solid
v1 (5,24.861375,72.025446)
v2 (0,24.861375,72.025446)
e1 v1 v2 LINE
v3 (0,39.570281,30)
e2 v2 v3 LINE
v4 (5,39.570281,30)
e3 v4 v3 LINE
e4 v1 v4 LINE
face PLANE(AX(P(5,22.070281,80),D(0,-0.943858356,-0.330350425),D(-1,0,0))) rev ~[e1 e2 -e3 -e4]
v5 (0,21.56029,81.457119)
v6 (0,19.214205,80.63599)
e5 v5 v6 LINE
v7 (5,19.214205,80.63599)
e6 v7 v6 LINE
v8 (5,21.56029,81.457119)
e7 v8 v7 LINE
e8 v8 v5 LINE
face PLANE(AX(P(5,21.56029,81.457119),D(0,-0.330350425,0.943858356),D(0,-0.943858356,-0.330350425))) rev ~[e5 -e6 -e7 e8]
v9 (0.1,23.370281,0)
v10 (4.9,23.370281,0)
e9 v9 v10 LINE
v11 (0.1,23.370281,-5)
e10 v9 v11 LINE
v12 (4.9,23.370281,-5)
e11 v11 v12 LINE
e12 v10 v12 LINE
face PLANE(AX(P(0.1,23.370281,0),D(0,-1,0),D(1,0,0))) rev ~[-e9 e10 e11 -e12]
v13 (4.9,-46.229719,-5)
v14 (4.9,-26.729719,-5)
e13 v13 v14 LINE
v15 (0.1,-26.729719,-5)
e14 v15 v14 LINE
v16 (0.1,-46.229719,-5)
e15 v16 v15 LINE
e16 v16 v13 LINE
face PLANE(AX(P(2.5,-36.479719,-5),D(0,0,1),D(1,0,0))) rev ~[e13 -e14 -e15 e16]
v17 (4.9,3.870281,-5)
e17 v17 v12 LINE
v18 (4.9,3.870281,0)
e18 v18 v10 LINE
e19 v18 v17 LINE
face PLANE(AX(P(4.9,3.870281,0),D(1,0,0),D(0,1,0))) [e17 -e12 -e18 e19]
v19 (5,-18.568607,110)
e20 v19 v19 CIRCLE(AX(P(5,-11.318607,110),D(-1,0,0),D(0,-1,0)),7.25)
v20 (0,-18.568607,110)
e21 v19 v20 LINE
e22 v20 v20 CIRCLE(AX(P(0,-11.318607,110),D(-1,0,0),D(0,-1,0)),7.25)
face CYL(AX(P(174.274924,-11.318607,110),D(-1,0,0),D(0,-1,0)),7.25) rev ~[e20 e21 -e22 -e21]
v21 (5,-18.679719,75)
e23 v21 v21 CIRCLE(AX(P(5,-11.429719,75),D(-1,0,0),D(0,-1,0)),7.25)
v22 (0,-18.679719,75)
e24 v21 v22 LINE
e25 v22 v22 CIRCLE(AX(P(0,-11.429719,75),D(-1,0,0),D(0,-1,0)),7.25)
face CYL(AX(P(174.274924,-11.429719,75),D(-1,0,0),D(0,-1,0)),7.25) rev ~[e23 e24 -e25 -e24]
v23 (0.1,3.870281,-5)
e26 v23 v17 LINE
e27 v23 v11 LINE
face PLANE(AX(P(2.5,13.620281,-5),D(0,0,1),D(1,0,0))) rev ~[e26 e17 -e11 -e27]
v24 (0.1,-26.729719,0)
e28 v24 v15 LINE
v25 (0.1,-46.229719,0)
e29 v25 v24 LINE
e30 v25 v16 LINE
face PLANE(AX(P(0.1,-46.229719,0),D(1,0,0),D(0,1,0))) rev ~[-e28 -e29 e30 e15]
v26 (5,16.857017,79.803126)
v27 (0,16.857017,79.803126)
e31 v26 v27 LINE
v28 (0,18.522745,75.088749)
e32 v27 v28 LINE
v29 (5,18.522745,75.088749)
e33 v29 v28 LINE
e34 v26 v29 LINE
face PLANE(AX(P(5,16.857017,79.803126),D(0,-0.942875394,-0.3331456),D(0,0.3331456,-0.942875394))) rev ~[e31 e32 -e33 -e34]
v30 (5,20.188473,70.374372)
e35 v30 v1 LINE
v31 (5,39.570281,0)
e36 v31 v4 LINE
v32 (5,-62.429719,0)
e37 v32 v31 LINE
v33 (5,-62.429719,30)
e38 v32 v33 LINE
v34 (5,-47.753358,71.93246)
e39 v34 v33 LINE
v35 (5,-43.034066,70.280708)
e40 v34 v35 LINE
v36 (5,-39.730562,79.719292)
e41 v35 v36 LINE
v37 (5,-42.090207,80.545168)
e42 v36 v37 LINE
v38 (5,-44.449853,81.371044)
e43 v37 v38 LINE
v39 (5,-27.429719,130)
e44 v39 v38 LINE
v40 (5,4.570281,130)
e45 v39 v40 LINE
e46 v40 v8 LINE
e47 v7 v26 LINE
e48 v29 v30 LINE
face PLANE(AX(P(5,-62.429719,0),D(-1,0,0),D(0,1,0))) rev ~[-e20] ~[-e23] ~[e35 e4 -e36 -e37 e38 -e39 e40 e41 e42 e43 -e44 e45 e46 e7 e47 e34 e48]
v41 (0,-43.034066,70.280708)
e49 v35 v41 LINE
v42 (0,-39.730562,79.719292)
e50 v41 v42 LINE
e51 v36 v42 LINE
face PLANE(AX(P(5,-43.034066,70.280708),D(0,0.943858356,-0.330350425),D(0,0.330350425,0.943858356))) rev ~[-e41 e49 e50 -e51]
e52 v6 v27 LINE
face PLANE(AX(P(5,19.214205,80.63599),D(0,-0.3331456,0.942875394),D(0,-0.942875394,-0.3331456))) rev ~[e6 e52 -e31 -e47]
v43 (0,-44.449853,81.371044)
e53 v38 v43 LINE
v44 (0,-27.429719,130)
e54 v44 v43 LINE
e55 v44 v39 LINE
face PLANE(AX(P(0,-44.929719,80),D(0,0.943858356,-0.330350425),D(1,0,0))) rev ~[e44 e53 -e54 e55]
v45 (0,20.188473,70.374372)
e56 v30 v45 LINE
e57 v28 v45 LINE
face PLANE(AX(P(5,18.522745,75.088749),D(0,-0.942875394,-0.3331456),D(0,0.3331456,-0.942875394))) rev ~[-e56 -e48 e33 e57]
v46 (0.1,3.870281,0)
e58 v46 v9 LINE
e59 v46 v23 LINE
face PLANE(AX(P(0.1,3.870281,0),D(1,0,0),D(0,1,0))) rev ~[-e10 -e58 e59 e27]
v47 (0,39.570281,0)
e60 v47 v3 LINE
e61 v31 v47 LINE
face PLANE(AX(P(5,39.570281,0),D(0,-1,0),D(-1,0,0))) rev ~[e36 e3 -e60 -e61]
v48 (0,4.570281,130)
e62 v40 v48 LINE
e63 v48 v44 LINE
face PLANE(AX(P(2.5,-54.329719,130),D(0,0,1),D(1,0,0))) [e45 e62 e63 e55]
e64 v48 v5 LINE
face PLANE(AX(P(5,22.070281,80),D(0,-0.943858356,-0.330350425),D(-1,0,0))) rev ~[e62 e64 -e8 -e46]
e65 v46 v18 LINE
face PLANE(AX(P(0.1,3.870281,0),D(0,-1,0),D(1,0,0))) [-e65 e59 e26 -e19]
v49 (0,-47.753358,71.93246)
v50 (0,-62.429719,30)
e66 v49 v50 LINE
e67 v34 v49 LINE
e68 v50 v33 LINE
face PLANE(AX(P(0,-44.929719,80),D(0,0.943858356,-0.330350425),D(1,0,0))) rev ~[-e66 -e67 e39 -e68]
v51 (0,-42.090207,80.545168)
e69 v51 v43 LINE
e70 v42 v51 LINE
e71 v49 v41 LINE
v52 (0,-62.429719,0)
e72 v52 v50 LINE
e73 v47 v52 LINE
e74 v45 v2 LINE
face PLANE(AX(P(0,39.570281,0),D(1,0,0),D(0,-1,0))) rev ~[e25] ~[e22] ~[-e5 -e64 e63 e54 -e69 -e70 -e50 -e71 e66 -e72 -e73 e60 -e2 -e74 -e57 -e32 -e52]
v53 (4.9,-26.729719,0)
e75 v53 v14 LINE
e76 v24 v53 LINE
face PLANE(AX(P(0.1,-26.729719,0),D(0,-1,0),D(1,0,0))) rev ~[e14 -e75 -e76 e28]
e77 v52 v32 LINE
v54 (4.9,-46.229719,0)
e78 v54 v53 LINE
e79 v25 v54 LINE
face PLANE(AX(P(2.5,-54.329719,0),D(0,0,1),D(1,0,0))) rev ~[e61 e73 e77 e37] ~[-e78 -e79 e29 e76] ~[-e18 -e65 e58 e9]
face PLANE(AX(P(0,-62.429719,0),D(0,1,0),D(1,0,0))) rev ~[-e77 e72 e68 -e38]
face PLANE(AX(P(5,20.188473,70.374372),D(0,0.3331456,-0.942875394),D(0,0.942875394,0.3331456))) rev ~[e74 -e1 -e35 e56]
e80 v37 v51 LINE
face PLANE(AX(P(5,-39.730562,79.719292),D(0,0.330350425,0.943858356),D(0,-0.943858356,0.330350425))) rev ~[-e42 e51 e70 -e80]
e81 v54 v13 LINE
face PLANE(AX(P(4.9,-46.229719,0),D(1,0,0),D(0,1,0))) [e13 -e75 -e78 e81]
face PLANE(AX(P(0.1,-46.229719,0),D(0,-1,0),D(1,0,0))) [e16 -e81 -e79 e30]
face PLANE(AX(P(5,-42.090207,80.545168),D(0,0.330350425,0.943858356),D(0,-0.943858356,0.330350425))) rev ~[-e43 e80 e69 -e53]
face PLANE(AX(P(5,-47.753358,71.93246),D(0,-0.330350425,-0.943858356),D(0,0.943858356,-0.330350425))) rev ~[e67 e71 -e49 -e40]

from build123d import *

# Parameters (mm, degrees)
F0_W     = 4.8
F0_H     = 16.2
F0_H_2   = 19.5
F0_H_3   = 30.6
F0_W_2   = 0.1
F1_DEPTH = 130
F2_DEPTH = 5
F3_SIZE2 = 100
F3_SIZE  = 35
F5_D     = 14.5
F6_DEPTH = 25


with BuildPart() as f1:
    # F0 (on Top) → F1 (new body)
    with BuildSketch(Plane.XY):
        with Locations((2.5, -54.3297186732)):
            Rectangle(F0_W, F0_H)
        with Locations((2.5, -36.4797186732)):
            Rectangle(F0_W, F0_H_2)
        with Locations((2.5, -11.4297186732)):
            Rectangle(F0_W, F0_H_3)
        with Locations((2.5, 13.6202813268)):
            Rectangle(F0_W, F0_H_2)
        with Locations((2.5, 31.4702813268)):
            Rectangle(F0_W, F0_H)
        with Locations((4.95, -36.4797186732)):
            Rectangle(F0_W_2, F0_H_2)
        with Locations((4.95, -54.3297186732)):
            Rectangle(F0_W_2, F0_H)
        with Locations((0.05, -54.3297186732)):
            Rectangle(F0_W_2, F0_H)
        with Locations((0.05, -36.4797186732)):
            Rectangle(F0_W_2, F0_H_2)
        with Locations((0.05, -11.4297186732)):
            Rectangle(F0_W_2, F0_H_3)
        with Locations((4.95, -11.4297186732)):
            Rectangle(F0_W_2, F0_H_3)
        with Locations((4.95, 13.6202813268)):
            Rectangle(F0_W_2, F0_H_2)
        with Locations((0.05, 13.6202813268)):
            Rectangle(F0_W_2, F0_H_2)
        with Locations((0.05, 31.4702813268)):
            Rectangle(F0_W_2, F0_H)
        with Locations((4.95, 31.4702813268)):
            Rectangle(F0_W_2, F0_H)
    extrude(amount=F1_DEPTH)

    # F0 (on Top) → F2 (join)
    with BuildSketch(Plane.XY):
        with Locations((2.5, -36.4797186732)):
            Rectangle(F0_W, F0_H_2)
        with Locations((2.5, 13.6202813268)):
            Rectangle(F0_W, F0_H_2)
    extrude(amount=-F2_DEPTH)

    # F3
    f3_edges = [f1.edges().sort_by_distance(p)[0] for p in [
        (2.5, -62.429719, 130),
        (2.5, 39.570281, 130),
    ]]
    f3_side = f1.faces().sort_by_distance((2.5, -11.429719, 130))[0]
    chamfer(f3_edges, length=F3_SIZE, length2=F3_SIZE2, reference=f3_side)

    # F5 (through all)
    with Locations(Plane.YZ.offset(5)):
        with Locations((-11.4297186732, 75), (-11.3186069886, 110)):
            Hole(F5_D / 2)

    # F4 (on face) → F6 (cut)
    with BuildSketch(Plane.YZ.offset(5)):
        Polygon((-43.0340657718, 70.2807082182), (-39.7305615245, 79.7192917818), (-42.0902074154, 80.5451678437), (-44.4498533063, 81.3710439055), (-47.7533575536, 71.9324603418), align=None)
        Polygon((24.8613753703, 72.0254455898), (21.5602896161, 81.4571191733), (19.2142053056, 80.6359896646), (16.8570168201, 79.803125664), (18.5227448214, 75.0887486929), (20.1884728228, 70.3743717218), align=None)
    extrude(amount=-F6_DEPTH, mode=Mode.SUBTRACT)


solid = f1.part
